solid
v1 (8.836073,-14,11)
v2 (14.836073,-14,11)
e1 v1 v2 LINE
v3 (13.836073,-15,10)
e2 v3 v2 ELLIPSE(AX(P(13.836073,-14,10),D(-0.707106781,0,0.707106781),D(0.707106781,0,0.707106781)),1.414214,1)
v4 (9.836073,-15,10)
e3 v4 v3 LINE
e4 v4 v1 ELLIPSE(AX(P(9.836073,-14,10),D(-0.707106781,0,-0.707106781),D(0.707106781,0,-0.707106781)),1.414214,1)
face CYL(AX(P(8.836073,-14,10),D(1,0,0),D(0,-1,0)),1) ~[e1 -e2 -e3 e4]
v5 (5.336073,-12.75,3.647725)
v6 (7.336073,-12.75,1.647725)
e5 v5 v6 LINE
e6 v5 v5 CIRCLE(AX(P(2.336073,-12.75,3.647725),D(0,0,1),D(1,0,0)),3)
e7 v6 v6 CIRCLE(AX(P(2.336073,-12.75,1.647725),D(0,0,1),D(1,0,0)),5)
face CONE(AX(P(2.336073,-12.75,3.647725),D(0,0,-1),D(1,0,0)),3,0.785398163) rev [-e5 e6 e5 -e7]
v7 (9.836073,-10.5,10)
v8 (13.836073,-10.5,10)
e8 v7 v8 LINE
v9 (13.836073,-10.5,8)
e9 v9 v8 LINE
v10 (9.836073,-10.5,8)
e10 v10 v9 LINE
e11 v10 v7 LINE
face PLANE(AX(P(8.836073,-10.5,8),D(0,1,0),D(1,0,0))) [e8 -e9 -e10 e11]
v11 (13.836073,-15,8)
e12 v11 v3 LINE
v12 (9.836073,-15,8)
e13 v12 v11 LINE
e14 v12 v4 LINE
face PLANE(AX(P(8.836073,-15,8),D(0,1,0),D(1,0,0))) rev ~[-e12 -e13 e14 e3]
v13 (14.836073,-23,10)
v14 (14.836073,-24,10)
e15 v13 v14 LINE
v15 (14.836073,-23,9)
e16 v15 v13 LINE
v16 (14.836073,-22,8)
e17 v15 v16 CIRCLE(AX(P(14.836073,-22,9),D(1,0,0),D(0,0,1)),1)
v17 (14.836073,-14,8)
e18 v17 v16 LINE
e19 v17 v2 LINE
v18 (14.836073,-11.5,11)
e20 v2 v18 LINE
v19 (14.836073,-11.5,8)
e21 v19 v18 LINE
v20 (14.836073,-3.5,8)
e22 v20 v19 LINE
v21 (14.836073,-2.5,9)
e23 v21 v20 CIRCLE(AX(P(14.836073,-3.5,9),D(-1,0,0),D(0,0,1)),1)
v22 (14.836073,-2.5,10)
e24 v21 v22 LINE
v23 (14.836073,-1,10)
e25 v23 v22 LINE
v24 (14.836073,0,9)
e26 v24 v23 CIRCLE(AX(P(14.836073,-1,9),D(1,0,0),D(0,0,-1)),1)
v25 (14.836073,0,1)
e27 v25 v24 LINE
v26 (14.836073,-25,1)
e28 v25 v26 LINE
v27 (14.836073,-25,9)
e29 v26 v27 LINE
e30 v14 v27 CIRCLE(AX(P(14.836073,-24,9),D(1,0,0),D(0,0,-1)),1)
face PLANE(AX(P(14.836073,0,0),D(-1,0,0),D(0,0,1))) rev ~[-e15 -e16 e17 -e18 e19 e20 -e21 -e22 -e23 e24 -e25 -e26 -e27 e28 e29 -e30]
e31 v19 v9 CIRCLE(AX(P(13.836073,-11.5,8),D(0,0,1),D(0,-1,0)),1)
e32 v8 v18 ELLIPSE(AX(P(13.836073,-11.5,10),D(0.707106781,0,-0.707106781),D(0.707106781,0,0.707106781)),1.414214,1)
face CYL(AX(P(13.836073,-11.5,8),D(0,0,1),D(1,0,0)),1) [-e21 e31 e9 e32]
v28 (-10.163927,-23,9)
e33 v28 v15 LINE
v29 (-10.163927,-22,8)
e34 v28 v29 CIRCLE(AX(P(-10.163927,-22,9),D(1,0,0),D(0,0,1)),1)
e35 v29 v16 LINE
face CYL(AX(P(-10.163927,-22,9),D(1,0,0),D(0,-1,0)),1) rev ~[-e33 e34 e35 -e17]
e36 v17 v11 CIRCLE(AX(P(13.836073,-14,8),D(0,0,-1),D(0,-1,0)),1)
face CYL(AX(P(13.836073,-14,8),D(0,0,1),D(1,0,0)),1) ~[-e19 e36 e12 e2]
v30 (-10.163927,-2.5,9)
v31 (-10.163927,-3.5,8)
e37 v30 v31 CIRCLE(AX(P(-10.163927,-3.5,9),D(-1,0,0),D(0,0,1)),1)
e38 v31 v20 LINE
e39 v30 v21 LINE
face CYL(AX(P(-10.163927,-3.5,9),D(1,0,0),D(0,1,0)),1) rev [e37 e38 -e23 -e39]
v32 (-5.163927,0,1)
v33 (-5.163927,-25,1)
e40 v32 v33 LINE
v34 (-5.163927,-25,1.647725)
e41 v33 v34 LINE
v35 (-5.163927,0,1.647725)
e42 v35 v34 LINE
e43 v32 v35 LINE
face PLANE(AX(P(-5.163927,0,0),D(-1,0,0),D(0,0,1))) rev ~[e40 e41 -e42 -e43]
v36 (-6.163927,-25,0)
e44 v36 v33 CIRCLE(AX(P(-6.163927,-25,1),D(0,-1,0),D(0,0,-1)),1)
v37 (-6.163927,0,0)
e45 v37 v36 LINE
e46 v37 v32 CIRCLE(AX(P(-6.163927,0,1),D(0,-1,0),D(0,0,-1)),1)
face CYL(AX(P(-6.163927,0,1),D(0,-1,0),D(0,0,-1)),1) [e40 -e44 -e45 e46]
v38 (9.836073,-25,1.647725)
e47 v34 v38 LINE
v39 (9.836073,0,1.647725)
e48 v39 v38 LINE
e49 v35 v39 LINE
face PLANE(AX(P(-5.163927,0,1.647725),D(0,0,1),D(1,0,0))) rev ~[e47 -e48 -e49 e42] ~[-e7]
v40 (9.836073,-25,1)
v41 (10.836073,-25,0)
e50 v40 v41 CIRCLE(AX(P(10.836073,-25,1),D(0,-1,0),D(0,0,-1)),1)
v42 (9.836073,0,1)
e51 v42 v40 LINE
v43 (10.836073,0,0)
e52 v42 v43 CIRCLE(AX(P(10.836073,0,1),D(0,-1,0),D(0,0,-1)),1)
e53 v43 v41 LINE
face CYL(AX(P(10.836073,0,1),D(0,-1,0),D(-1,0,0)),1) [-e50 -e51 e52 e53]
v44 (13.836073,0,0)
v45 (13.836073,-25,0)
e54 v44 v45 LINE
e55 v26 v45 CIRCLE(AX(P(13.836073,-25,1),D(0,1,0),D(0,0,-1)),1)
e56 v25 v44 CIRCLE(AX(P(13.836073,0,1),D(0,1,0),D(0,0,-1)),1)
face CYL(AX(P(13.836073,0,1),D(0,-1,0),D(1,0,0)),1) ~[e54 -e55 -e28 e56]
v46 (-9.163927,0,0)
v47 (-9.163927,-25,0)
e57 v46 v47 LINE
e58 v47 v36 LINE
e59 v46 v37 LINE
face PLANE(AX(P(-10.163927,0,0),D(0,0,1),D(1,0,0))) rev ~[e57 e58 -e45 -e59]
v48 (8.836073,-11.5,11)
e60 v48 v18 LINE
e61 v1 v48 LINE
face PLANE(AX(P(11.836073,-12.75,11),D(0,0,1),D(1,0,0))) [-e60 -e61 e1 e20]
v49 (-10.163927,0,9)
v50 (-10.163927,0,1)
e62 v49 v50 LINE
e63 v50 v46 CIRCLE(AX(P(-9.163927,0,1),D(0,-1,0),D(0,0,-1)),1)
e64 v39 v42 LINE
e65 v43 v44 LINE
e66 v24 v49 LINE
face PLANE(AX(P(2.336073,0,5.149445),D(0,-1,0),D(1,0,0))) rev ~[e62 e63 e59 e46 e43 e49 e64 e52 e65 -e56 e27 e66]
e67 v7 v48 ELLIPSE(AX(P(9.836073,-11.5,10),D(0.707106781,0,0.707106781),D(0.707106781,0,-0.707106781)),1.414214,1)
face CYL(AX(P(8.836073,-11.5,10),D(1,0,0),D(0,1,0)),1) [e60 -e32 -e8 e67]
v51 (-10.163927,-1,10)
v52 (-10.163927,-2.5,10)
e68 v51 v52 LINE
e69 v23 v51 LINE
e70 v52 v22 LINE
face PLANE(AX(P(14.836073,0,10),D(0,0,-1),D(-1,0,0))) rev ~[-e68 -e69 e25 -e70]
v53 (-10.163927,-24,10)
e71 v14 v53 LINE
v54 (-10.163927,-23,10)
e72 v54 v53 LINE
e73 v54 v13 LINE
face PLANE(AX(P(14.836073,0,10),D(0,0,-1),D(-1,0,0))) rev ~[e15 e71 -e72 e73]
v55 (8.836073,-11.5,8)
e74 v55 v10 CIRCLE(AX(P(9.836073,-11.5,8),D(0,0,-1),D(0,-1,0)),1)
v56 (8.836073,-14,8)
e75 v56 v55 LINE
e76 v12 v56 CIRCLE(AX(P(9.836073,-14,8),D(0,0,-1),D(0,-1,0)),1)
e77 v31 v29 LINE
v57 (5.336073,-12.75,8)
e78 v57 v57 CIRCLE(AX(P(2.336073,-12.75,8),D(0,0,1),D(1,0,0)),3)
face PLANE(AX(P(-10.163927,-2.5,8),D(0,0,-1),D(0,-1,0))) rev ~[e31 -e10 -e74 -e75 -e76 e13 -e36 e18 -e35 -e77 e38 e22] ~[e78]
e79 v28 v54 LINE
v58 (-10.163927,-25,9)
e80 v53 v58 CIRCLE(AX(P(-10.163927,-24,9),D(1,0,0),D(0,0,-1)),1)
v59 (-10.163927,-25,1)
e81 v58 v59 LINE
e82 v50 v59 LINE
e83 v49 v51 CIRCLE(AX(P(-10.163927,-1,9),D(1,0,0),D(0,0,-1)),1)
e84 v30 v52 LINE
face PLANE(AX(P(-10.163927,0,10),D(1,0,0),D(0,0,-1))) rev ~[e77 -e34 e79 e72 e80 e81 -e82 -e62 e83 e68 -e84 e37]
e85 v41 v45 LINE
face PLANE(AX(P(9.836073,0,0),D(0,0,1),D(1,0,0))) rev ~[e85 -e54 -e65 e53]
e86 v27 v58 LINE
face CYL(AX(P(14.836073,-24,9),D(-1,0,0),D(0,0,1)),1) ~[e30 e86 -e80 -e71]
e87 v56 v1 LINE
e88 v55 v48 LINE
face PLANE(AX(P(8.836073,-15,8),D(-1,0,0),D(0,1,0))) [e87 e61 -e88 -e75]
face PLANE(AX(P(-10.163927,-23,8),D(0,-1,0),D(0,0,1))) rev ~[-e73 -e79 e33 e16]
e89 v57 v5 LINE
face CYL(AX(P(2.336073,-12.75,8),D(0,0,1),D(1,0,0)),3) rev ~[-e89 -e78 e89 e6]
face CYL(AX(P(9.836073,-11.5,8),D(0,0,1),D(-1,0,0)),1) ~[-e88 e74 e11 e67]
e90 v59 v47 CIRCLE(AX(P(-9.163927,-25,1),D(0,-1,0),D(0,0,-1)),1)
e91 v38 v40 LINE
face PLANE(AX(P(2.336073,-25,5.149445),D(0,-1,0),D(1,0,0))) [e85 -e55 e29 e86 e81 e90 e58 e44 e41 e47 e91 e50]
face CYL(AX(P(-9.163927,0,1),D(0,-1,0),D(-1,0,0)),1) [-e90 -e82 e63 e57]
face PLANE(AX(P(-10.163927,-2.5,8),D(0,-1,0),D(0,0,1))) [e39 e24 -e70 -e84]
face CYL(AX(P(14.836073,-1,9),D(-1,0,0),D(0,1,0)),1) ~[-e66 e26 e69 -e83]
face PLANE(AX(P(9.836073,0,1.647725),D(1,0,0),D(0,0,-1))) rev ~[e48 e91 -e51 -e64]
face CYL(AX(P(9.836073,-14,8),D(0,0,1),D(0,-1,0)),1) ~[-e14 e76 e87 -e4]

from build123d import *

# Parameters (mm, degrees)
F1_DEPTH = 25
F2_W     = 20.5
F2_H     = 2
F3_DEPTH = 25
F4_R     = 3
F5_DEPTH = 25
F4_W     = 6
F4_H     = 4.5
F6_DEPTH = 3
F7_R     = 1
F8_R     = 1
F9_SIZE  = 2


with BuildPart() as f1:
    # F0 (on Front) → F1 (new body)
    with BuildSketch(Plane.XZ):
        Polygon((14.836072953, 10), (-10.163927047, 10), (-10.163927047, 0), (-5.163927047, 0), (-5.163927047, 1.6477254958), (9.836072953, 1.6477254958), (9.836072953, 0), (14.836072953, 0), align=None)
    extrude(amount=F1_DEPTH)

    # F2 (on face) → F3 (cut)
    with BuildSketch(Plane(origin=(-10.163927047, 0, 0), x_dir=(0, -1, 0), z_dir=(-1, 0, 0))):
        with Locations((12.75, 9)):
            Rectangle(F2_W, F2_H)
    extrude(amount=-F3_DEPTH, mode=Mode.SUBTRACT)

    # F4 (on face) → F5 (cut)
    with BuildSketch(Plane.XY.offset(8)):
        with Locations((2.336072953, -12.75)):
            Circle(F4_R)
    extrude(amount=-F5_DEPTH, mode=Mode.SUBTRACT)

    # F4 (on face) → F6 (join)
    with BuildSketch(Plane.XY.offset(8)):
        with Locations((11.836072953, -12.75)):
            Rectangle(F4_W, F4_H)
    extrude(amount=F6_DEPTH)

    # F7
    f7_edges = [f1.edges().sort_by_distance(p)[0] for p in [
        (11.836073, -10.5, 11),
        (11.836073, -15, 11),
        (8.836073, -10.5, 9.5),
        (8.836073, -15, 9.5),
        (14.836073, -10.5, 9.5),
        (14.836073, -15, 9.5),
    ]]
    fillet(f7_edges, radius=F7_R)

    # F8
    f8_edges = [f1.edges().sort_by_distance(p)[0] for p in [
        (2.336073, -23, 8),
        (2.336073, -2.5, 8),
        (2.336073, -25, 10),
        (2.336073, 0, 10),
        (-10.163927, -12.5, 0),
        (-5.163927, -12.5, 0),
        (9.836073, -12.5, 0),
        (14.836073, -12.5, 0),
    ]]
    fillet(f8_edges, radius=F8_R)

    # F9
    f9_edges = [f1.edges().sort_by_distance(p)[0] for p in [
        (-0.663927, -12.75, 1.647725),
    ]]
    chamfer(f9_edges, length=F9_SIZE)


solid = f1.part
